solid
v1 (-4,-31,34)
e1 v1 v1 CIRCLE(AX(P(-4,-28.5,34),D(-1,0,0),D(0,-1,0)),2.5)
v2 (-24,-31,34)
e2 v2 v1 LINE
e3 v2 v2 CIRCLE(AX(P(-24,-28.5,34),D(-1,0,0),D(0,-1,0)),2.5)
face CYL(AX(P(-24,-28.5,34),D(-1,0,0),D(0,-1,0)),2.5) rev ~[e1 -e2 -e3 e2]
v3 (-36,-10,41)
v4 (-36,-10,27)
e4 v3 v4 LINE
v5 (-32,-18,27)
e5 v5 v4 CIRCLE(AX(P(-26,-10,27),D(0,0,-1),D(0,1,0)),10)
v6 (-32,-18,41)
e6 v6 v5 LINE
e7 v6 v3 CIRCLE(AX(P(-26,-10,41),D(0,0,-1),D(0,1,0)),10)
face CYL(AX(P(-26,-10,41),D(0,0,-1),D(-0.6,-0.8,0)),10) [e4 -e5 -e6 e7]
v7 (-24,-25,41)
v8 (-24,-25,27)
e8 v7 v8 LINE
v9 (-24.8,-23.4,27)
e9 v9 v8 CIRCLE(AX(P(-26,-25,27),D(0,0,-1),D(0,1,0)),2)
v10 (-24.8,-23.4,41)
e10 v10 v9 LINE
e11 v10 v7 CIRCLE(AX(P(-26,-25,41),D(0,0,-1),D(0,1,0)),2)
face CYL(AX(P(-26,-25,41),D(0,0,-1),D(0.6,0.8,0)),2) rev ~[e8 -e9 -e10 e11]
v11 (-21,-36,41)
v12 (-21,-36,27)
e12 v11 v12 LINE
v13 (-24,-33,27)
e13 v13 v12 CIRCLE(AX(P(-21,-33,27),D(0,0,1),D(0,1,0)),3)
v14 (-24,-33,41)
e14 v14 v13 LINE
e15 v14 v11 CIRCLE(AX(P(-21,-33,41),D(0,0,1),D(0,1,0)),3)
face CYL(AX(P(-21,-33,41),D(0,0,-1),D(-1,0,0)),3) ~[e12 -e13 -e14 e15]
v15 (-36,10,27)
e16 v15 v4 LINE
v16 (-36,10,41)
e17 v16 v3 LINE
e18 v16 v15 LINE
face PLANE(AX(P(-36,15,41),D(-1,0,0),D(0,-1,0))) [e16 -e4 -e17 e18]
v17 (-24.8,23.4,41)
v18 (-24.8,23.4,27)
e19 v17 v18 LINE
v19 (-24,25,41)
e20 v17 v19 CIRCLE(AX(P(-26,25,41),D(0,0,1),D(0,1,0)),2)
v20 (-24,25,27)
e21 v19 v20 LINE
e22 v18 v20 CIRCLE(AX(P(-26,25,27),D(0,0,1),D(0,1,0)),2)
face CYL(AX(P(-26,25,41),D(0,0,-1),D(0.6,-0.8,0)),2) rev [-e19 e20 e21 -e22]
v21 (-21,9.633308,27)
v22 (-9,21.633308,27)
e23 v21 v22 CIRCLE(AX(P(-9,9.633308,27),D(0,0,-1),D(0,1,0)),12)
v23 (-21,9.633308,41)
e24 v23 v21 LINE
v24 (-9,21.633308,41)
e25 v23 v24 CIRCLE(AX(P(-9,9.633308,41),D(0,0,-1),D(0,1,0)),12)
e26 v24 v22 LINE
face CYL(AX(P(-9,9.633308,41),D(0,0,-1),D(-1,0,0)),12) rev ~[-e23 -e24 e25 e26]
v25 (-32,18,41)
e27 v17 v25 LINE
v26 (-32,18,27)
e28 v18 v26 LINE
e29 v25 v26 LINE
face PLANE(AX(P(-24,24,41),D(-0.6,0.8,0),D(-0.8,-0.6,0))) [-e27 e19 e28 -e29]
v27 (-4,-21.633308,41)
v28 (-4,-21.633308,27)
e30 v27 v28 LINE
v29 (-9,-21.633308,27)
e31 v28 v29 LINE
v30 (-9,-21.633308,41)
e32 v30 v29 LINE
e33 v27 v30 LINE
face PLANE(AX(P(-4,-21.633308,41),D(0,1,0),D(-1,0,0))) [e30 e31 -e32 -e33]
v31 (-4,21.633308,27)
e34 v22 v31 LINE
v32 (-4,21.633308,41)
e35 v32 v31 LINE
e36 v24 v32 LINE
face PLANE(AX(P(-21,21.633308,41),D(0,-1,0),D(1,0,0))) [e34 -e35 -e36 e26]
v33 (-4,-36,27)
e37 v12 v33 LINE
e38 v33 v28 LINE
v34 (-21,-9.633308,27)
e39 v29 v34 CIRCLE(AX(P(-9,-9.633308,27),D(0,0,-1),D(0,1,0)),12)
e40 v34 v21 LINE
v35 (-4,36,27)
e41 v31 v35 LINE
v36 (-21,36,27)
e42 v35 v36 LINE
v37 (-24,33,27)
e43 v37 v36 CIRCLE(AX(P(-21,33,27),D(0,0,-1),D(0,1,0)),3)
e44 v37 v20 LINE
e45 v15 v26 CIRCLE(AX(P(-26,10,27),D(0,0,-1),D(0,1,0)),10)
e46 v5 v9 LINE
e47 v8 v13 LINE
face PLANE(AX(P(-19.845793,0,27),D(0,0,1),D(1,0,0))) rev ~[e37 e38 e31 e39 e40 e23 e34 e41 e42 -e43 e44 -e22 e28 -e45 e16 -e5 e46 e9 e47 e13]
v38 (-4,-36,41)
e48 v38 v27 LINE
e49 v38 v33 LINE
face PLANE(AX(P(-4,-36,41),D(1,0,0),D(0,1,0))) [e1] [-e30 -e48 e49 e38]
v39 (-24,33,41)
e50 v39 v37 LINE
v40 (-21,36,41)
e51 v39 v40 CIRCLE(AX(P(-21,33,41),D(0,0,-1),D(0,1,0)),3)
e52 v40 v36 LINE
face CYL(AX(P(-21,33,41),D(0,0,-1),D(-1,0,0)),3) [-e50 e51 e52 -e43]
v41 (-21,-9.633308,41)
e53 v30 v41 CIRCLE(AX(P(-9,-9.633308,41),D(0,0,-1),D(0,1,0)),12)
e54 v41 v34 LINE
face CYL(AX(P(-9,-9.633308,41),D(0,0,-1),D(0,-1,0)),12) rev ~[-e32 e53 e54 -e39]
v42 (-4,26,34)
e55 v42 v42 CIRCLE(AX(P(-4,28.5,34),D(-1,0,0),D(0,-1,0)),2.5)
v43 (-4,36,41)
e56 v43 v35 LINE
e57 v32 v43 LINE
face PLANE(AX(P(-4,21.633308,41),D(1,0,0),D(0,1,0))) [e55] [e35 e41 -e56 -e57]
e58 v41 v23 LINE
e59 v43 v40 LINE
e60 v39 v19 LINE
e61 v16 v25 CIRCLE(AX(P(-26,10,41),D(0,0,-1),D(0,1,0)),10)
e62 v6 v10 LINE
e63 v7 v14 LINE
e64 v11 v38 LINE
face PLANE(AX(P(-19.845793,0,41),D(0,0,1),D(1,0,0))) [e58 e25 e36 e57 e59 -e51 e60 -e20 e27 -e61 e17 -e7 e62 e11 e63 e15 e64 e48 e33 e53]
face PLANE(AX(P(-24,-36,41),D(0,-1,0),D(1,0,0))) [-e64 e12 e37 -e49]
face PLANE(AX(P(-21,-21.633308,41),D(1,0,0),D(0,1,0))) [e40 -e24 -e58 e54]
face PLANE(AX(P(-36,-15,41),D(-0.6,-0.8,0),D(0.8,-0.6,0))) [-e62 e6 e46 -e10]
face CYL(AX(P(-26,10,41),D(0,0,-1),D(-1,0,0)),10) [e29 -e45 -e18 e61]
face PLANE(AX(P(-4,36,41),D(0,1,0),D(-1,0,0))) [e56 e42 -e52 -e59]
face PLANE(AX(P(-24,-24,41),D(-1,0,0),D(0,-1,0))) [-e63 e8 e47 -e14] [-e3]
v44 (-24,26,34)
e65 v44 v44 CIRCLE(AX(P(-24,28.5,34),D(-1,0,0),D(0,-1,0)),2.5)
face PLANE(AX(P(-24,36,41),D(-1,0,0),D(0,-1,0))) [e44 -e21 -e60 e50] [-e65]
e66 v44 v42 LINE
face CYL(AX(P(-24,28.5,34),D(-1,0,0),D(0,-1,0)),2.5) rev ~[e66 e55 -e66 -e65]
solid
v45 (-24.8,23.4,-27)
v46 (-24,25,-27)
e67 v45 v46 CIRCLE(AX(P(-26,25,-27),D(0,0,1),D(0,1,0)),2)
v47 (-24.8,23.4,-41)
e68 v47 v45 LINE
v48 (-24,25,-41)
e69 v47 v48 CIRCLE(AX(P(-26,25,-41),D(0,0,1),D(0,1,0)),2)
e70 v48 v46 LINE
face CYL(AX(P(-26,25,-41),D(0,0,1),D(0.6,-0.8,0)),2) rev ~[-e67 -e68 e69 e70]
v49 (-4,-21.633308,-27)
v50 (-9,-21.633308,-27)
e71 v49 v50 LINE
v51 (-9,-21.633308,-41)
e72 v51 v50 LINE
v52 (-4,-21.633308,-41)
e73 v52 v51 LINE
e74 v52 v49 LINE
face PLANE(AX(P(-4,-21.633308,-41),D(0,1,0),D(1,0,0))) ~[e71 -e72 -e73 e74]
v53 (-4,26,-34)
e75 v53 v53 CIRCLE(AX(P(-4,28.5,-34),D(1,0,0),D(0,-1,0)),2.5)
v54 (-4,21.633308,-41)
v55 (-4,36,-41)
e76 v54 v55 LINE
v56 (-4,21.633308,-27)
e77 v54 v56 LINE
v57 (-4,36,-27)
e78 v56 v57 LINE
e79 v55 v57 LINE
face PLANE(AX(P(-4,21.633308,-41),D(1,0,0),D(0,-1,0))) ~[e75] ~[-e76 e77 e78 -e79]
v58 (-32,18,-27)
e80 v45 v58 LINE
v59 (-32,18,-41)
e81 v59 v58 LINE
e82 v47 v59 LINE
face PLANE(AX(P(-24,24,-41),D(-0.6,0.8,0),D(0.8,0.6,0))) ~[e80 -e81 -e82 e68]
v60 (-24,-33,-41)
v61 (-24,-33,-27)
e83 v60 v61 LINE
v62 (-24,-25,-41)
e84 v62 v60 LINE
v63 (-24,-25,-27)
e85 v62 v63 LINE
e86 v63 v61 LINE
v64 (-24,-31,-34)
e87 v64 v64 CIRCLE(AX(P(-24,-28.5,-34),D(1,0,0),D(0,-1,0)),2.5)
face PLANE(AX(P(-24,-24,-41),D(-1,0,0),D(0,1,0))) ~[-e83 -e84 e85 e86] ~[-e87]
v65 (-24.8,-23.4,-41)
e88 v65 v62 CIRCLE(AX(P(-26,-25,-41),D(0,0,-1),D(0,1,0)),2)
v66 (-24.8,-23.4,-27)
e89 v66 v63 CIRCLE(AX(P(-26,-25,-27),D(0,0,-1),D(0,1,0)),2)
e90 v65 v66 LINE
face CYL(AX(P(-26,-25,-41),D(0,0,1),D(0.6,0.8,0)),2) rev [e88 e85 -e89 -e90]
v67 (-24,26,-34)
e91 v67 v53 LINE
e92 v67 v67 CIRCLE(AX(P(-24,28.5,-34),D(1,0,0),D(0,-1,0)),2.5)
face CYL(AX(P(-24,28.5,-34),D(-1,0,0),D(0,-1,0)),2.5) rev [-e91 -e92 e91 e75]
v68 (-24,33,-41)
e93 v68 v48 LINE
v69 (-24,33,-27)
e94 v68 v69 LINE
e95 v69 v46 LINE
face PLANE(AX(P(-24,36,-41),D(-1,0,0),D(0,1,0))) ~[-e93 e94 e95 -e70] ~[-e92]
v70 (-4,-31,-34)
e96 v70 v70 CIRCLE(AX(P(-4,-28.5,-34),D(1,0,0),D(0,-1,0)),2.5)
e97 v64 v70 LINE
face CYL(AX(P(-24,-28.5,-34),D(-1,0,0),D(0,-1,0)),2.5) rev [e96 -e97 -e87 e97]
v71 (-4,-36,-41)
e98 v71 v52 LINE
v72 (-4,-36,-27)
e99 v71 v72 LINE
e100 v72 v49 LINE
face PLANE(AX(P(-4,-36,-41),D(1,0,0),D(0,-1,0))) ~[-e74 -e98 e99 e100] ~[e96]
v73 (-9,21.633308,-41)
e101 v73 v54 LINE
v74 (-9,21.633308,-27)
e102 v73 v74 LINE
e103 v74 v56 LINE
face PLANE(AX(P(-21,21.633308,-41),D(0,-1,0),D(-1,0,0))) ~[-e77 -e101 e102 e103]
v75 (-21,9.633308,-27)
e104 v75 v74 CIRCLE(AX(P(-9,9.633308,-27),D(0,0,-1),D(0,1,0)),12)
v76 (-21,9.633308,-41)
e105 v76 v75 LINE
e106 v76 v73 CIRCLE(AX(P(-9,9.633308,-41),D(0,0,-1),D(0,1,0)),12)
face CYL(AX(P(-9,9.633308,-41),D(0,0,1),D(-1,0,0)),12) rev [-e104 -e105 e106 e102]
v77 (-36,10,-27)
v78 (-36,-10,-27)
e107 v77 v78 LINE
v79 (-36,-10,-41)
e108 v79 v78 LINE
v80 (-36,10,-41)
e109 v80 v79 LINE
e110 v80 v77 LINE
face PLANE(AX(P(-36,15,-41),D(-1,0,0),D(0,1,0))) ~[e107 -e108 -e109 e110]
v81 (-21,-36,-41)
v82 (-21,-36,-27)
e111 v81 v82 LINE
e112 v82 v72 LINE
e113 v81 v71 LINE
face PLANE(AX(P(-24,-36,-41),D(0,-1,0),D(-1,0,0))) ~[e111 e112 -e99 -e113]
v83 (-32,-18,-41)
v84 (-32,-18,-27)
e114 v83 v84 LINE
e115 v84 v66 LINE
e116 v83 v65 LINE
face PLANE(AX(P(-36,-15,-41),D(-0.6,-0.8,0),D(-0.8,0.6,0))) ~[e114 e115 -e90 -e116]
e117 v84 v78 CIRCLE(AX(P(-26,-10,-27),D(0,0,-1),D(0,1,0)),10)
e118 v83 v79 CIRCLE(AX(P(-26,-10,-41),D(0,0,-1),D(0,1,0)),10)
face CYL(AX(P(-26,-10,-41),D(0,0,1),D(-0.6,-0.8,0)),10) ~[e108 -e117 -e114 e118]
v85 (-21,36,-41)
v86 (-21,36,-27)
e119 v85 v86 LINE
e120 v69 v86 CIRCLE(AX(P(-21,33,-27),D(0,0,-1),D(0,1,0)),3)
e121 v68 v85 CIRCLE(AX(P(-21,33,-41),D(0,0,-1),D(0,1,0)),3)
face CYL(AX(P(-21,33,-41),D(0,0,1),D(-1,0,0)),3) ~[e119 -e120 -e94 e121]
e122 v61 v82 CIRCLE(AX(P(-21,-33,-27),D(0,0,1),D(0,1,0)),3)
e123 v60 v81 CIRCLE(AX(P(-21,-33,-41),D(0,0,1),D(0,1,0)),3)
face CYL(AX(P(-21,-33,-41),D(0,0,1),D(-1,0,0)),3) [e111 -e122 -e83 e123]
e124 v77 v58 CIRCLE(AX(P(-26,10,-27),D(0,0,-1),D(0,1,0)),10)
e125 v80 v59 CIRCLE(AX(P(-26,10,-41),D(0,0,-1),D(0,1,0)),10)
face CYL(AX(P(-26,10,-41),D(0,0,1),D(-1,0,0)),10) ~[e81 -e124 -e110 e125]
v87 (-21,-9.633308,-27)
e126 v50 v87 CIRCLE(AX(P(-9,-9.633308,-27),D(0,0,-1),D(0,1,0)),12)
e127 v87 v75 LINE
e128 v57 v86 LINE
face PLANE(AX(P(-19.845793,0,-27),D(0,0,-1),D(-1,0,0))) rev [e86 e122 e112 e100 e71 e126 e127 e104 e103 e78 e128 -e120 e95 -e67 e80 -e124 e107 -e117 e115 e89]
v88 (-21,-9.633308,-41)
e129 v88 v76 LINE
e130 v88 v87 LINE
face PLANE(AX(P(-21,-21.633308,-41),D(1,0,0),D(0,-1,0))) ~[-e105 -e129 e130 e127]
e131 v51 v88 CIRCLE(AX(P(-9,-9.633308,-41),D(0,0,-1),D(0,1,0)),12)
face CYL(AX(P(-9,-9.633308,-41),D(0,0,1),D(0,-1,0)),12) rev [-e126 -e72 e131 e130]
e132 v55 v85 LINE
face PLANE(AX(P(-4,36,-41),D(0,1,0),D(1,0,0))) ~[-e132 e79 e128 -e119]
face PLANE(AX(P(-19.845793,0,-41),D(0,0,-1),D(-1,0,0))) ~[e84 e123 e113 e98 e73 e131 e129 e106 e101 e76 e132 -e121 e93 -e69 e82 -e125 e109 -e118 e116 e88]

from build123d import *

# Parameters (mm, degrees)
PAD014_DEPTH    = 14
SKETCH015_R     = 2.5
POCKET005_DEPTH = 20.001
FILLET004_R     = 12
FILLET005_R     = 10
FILLET012_R     = 2
FILLET013_R     = 3


with BuildPart() as part:
    # Sketch014 (on Face10 of Binder003) → Pad014 (new body)
    with BuildSketch(Plane.XY.offset(41)):
        Polygon((-4, -36), (-4, -21.633308), (-21, -21.633308), (-21, 21.633308), (-4, 21.633308), (-4, 36), (-24, 36), (-24, 24), (-36, 15), (-36, -15), (-24, -24), (-24, -36), align=None)
    extrude(amount=-PAD014_DEPTH)

    # Sketch015 (on Face11 of Pad014) → Pocket005 (cut, through all)
    with BuildSketch(Plane(origin=(-24, 0, 0), x_dir=(0, -1, 0), z_dir=(-1, 0, 0))):
        with Locations((-28.5, 34)):
            Circle(SKETCH015_R)
        with Locations((28.5, 34)):
            Circle(SKETCH015_R)
    extrude(amount=-POCKET005_DEPTH, mode=Mode.SUBTRACT)

    # Fillet004
    fillet004_edges = [part.edges().sort_by_distance(p)[0] for p in [
        (-21, -21.633308, 34),
        (-21, 21.633308, 34),
    ]]
    fillet(fillet004_edges, radius=FILLET004_R)

    # Fillet005
    fillet005_edges = [part.edges().sort_by_distance(p)[0] for p in [
        (-36, -15, 34),
        (-36, 15, 34),
    ]]
    fillet(fillet005_edges, radius=FILLET005_R)

    # Fillet012
    fillet012_edges = [part.edges().sort_by_distance(p)[0] for p in [
        (-24, 24, 34),
        (-24, -24, 34),
    ]]
    fillet(fillet012_edges, radius=FILLET012_R)

    # Fillet013
    fillet013_edges = [part.edges().sort_by_distance(p)[0] for p in [
        (-24, 36, 34),
        (-24, -36, 34),
    ]]
    fillet(fillet013_edges, radius=FILLET013_R)

    # Mirrored001: part across XY


with BuildPart() as part_1:
    add(part.part)
    add(part.part.mirror(Plane.XY))


solid = part_1.part
